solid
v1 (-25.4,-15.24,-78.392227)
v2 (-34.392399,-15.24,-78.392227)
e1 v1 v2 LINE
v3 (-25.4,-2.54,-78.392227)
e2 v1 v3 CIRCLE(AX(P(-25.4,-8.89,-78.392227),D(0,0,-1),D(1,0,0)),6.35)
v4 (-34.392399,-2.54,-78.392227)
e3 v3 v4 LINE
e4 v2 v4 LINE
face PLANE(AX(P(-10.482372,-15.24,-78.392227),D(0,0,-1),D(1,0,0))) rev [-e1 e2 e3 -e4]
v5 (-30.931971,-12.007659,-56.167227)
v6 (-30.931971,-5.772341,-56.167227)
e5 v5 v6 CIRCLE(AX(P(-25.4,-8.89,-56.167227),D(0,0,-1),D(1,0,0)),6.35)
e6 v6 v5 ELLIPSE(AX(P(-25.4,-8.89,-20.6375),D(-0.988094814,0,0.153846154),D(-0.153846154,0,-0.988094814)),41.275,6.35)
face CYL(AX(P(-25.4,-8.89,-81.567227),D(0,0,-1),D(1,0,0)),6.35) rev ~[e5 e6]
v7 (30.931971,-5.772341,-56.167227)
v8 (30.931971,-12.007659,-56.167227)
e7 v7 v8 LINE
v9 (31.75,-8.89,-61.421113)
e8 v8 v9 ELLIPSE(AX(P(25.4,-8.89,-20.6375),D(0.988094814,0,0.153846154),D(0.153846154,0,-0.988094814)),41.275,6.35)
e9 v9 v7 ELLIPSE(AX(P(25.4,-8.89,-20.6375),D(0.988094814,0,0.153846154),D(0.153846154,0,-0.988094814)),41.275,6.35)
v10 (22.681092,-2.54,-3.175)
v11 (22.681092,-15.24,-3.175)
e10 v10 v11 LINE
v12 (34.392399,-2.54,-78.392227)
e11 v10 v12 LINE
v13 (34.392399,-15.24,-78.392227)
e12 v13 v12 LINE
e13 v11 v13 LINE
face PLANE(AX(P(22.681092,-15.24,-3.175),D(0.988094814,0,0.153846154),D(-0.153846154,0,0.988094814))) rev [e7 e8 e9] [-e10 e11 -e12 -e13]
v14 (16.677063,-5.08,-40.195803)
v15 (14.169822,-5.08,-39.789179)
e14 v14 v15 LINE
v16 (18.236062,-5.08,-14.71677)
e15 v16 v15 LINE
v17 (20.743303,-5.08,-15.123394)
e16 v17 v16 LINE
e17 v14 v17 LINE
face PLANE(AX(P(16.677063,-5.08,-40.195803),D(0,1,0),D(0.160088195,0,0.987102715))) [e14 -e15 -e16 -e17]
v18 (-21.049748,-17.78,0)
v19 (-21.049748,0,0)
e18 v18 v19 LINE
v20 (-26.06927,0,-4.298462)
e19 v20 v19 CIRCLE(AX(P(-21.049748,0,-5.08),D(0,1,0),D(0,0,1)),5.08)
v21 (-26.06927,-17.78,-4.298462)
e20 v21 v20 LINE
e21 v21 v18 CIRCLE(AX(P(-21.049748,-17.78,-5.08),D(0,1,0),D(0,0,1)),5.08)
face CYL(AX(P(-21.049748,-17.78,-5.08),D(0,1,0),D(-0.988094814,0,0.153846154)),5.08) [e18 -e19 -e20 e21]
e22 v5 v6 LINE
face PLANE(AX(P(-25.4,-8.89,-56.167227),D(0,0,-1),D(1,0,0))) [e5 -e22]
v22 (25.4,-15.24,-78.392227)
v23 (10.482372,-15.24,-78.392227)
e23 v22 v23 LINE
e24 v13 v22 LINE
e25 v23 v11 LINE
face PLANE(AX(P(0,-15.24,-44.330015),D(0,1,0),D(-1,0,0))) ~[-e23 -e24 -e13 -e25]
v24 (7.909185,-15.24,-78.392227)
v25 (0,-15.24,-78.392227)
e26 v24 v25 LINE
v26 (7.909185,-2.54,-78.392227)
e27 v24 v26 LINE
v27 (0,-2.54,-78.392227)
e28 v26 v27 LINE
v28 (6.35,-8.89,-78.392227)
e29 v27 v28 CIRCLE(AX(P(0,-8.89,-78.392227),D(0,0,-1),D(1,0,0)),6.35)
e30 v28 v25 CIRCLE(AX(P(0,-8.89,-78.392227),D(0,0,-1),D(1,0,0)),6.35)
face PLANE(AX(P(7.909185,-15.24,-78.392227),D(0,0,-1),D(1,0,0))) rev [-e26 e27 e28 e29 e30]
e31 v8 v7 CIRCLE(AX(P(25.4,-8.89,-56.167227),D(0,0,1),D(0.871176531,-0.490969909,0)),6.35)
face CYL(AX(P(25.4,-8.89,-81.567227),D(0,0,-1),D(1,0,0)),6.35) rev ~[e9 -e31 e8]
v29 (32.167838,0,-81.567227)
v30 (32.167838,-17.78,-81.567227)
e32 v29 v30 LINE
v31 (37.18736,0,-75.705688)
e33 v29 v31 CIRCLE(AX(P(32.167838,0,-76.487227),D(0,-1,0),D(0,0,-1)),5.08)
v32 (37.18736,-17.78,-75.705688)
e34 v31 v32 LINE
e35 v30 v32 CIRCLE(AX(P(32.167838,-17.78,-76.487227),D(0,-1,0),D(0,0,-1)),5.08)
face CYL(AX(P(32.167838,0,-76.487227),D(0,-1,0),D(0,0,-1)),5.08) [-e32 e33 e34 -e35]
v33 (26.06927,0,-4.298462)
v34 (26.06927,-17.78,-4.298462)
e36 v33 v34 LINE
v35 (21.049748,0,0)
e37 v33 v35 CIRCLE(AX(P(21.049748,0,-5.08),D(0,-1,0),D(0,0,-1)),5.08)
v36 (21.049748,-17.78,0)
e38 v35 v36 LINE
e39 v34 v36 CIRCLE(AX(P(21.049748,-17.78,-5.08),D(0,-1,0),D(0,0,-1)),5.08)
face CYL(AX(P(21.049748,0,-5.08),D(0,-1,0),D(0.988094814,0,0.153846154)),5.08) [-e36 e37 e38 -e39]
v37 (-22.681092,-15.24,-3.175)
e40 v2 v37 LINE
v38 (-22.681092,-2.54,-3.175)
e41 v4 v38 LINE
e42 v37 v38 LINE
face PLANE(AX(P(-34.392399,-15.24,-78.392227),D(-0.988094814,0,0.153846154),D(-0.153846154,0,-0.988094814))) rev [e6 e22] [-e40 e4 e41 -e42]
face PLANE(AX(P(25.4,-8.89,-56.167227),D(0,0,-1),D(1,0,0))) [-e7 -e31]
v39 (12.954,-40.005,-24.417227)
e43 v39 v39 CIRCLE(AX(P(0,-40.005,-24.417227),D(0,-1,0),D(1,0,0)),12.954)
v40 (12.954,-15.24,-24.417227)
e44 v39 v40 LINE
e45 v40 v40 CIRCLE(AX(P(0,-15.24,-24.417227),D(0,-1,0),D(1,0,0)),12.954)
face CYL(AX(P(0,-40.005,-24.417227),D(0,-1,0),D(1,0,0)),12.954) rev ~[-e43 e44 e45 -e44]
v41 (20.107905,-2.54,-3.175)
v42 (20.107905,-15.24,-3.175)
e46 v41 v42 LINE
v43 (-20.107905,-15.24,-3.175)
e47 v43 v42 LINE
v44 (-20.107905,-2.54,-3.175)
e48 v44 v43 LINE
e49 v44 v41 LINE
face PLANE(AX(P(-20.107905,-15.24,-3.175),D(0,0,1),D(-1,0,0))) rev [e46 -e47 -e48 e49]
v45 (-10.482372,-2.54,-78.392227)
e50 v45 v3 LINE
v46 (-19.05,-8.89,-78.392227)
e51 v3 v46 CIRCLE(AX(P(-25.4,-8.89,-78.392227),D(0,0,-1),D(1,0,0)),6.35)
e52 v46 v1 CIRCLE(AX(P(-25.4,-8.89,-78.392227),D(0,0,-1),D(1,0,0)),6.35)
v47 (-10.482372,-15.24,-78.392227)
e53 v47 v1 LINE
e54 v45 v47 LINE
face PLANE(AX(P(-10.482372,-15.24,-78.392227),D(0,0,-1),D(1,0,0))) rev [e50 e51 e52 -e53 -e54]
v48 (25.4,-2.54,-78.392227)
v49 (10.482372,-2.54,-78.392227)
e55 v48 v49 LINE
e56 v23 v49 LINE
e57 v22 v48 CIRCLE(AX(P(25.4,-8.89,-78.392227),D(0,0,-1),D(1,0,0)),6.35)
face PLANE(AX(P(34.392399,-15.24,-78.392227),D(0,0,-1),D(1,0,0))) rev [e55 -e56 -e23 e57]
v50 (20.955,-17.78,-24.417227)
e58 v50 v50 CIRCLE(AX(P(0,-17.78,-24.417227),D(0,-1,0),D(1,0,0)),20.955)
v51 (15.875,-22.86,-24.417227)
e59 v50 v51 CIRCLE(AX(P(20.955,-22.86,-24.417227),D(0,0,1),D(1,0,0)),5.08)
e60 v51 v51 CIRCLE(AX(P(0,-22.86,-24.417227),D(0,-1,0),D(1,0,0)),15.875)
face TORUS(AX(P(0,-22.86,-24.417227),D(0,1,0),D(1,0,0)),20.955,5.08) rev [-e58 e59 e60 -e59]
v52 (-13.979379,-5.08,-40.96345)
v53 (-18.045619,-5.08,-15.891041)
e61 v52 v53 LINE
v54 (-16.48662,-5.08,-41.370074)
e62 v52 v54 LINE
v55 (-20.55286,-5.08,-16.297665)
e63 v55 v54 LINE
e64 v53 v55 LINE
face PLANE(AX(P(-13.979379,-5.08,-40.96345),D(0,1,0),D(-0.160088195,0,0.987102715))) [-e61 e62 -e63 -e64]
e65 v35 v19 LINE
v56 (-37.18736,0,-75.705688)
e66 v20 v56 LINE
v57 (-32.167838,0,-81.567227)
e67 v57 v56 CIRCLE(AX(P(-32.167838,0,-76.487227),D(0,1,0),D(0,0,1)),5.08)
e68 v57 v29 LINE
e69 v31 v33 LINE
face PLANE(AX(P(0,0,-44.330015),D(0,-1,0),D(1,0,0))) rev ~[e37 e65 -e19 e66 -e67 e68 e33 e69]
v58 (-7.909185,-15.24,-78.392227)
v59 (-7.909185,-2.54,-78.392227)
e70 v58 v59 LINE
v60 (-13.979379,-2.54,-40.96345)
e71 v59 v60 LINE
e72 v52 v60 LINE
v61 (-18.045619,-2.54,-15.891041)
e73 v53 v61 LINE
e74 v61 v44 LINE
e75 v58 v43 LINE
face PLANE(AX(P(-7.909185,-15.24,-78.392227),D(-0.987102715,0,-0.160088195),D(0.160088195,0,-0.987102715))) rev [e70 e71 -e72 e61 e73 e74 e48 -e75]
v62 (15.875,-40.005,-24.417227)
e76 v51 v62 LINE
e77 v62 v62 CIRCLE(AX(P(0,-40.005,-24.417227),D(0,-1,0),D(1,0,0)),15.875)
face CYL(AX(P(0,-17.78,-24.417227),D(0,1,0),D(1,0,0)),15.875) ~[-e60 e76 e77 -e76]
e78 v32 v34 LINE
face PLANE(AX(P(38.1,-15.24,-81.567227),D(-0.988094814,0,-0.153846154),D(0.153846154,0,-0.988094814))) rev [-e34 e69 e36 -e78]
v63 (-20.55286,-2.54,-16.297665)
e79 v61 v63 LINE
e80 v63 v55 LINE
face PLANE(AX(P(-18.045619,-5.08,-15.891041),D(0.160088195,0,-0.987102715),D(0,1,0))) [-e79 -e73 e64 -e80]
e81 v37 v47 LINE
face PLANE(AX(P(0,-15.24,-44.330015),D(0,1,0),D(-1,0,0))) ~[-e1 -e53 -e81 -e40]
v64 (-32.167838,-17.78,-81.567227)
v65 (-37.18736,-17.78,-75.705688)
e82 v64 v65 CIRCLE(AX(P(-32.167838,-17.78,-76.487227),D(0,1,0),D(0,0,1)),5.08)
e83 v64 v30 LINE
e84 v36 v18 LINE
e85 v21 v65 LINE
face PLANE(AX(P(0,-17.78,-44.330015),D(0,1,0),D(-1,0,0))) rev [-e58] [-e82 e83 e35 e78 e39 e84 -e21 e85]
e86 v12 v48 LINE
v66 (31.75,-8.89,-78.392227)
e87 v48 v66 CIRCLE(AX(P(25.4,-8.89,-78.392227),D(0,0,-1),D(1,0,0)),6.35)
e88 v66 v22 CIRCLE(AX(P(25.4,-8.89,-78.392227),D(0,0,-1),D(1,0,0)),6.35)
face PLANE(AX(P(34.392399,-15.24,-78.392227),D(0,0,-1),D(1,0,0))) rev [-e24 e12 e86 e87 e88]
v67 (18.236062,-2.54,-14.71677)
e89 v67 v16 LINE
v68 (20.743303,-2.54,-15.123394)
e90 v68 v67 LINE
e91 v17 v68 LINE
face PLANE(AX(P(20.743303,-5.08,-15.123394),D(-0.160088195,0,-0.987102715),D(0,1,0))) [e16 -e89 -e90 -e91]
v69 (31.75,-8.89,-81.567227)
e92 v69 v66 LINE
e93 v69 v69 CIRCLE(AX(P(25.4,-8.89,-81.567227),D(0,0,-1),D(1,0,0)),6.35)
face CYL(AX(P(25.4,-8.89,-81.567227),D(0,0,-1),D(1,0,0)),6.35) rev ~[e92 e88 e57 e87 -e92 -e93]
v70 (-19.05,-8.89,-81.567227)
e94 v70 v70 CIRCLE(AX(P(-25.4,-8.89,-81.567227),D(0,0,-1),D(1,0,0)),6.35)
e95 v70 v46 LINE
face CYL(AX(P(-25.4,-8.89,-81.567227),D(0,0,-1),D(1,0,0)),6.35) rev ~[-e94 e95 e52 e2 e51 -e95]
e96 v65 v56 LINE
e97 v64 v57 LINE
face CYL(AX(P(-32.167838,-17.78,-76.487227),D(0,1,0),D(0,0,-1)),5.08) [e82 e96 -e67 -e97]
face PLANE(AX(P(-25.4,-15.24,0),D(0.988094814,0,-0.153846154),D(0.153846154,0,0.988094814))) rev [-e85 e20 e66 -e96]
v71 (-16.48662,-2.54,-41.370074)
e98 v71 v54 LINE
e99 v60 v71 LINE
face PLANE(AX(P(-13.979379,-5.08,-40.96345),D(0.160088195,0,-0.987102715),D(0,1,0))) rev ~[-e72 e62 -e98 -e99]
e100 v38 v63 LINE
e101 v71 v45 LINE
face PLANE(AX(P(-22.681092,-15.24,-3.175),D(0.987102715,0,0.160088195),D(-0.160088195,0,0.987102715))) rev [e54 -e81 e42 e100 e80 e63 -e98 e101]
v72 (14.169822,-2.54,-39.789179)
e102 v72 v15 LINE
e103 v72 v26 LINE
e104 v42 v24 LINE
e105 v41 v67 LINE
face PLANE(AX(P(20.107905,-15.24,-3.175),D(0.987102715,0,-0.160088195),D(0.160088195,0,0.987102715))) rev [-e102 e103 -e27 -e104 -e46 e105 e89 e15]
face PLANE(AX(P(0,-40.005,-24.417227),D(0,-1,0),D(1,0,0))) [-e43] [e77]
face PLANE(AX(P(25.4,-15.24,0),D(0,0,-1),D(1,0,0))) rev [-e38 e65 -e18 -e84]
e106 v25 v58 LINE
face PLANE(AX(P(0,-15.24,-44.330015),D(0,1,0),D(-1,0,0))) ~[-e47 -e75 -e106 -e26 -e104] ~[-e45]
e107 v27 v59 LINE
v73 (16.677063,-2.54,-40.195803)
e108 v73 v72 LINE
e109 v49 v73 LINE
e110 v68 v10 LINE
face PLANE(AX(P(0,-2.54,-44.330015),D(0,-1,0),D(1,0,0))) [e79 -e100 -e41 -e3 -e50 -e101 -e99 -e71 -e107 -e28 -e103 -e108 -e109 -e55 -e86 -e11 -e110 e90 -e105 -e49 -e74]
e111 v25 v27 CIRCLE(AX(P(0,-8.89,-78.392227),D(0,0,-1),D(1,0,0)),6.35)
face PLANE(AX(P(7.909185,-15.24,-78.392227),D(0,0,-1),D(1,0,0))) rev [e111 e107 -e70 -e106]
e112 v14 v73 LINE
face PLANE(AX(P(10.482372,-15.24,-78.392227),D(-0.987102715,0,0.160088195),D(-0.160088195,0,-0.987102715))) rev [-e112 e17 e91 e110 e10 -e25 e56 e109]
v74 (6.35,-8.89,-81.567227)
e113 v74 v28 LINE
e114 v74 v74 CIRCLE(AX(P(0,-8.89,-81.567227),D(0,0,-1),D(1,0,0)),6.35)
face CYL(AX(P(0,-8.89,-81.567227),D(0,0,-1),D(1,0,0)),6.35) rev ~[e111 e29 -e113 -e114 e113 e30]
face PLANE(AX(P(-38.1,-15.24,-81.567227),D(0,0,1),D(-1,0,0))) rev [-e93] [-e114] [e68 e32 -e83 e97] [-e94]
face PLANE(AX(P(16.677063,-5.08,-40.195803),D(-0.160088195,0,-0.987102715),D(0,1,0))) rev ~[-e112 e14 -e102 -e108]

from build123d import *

# Parameters (mm, degrees)
F1_DEPTH  = 2.54
F3_DEPTH  = 6.35
F5_W      = 2.54
F5_H      = 25.4
F6_DEPTH  = 6.35
F7_W      = 2.54
F7_H      = 25.4
F8_DEPTH  = 6.35
F9_R      = 6.35
F10_DEPTH = 25.4
F11_R     = 15.875
F12_DEPTH = 22.225
F13_R     = 12.954
F14_DEPTH = 31.75
F15_R     = 5.08


with BuildPart() as f1:
    # F0 (on Front) → F1 (new body)
    with BuildSketch(Plane.XZ):
        Polygon((25.4, 0), (-25.4, 0), (-38.1, -81.5672268745), (38.1, -81.5672268745), align=None)
    extrude(amount=F1_DEPTH)

    # F2 (on face) → F3 (join)
    with BuildSketch(Plane.XZ.offset(2.54)):
        Polygon((-38.1, -81.5672268745), (38.1, -81.5672268745), (25.4, 0), (-25.4, 0), align=None)
        Polygon((20.1079053095, -3.175), (22.6810924375, -3.175), (34.3923987784, -78.3922268745), (10.4823719593, -78.3922268745), (7.9091848312, -78.3922268745), (-7.9091848312, -78.3922268745), (-10.4823719593, -78.3922268745), (-34.3923987784, -78.3922268745), (-22.6810924375, -3.175), (-20.1079053095, -3.175), align=None, mode=Mode.SUBTRACT)
        Polygon((-7.9091848312, -78.3922268745), (-20.1079053095, -3.175), (-22.6810924375, -3.175), (-10.4823719593, -78.3922268745), align=None)
        Polygon((10.4823719593, -78.3922268745), (22.6810924375, -3.175), (20.1079053095, -3.175), (7.9091848312, -78.3922268745), align=None)
    extrude(amount=F3_DEPTH)

    # F4: F1 across face


with BuildPart() as f1_1:
    add(f1.part)
    add(f1.part.mirror(Plane(origin=(0, -8.89, -43.1700299624), x_dir=(1, 0, 0), z_dir=(0, -1, 0))))

    # F5 (on face) → F6 (cut)
    with BuildSketch(Plane(origin=(22.6015407656, 0, -3.665515064), x_dir=(0, 1, 0), z_dir=(0.9871027149, 0, -0.1600881953))):
        with Locations((-3.81, -24.3075852952)):
            Rectangle(F5_W, F5_H)
    extrude(amount=-F6_DEPTH, mode=Mode.SUBTRACT)

    # F7 (on face) → F8 (cut)
    with BuildSketch(Plane(origin=(-20.0942998698, 0, -3.258891048), x_dir=(0, 1, 0), z_dir=(0.9871027149, 0, 0.1600881953))):
        with Locations((-3.81, -25.4971986666)):
            Rectangle(F7_W, F7_H)
    extrude(amount=-F8_DEPTH, mode=Mode.SUBTRACT)

    # F9 (on face) → F10 (cut)
    with BuildSketch(Plane(origin=(0, 0, -81.5672268745), x_dir=(1, 0, 0), z_dir=(0, 0, -1))):
        with Locations((-25.4, 8.89)):
            Circle(F9_R)
        with Locations((0, 8.89)):
            Circle(F9_R)
        with Locations((25.4, 8.89)):
            Circle(F9_R)
    extrude(amount=-F10_DEPTH, mode=Mode.SUBTRACT)

    # F11 (on face) → F12 (join)
    with BuildSketch(Plane.XZ.offset(17.78)):
        with Locations((0, -24.4172268745)):
            Circle(F11_R)
    extrude(amount=F12_DEPTH)

    # F13 (on face) → F14 (cut)
    with BuildSketch(Plane.XZ.offset(40.005)):
        with Locations((0, -24.4172268745)):
            Circle(F13_R)
    extrude(amount=-F14_DEPTH, mode=Mode.SUBTRACT)

    # F15
    f15_edges = [f1_1.edges().sort_by_distance(p)[0] for p in [
        (-15.875, -17.78, -24.417227),
        (-38.1, -8.89, -81.567227),
        (38.1, -8.89, -81.567227),
        (25.4, -8.89, 0),
        (-25.4, -8.89, 0),
    ]]
    fillet(f15_edges, radius=F15_R)


solid = f1_1.part
